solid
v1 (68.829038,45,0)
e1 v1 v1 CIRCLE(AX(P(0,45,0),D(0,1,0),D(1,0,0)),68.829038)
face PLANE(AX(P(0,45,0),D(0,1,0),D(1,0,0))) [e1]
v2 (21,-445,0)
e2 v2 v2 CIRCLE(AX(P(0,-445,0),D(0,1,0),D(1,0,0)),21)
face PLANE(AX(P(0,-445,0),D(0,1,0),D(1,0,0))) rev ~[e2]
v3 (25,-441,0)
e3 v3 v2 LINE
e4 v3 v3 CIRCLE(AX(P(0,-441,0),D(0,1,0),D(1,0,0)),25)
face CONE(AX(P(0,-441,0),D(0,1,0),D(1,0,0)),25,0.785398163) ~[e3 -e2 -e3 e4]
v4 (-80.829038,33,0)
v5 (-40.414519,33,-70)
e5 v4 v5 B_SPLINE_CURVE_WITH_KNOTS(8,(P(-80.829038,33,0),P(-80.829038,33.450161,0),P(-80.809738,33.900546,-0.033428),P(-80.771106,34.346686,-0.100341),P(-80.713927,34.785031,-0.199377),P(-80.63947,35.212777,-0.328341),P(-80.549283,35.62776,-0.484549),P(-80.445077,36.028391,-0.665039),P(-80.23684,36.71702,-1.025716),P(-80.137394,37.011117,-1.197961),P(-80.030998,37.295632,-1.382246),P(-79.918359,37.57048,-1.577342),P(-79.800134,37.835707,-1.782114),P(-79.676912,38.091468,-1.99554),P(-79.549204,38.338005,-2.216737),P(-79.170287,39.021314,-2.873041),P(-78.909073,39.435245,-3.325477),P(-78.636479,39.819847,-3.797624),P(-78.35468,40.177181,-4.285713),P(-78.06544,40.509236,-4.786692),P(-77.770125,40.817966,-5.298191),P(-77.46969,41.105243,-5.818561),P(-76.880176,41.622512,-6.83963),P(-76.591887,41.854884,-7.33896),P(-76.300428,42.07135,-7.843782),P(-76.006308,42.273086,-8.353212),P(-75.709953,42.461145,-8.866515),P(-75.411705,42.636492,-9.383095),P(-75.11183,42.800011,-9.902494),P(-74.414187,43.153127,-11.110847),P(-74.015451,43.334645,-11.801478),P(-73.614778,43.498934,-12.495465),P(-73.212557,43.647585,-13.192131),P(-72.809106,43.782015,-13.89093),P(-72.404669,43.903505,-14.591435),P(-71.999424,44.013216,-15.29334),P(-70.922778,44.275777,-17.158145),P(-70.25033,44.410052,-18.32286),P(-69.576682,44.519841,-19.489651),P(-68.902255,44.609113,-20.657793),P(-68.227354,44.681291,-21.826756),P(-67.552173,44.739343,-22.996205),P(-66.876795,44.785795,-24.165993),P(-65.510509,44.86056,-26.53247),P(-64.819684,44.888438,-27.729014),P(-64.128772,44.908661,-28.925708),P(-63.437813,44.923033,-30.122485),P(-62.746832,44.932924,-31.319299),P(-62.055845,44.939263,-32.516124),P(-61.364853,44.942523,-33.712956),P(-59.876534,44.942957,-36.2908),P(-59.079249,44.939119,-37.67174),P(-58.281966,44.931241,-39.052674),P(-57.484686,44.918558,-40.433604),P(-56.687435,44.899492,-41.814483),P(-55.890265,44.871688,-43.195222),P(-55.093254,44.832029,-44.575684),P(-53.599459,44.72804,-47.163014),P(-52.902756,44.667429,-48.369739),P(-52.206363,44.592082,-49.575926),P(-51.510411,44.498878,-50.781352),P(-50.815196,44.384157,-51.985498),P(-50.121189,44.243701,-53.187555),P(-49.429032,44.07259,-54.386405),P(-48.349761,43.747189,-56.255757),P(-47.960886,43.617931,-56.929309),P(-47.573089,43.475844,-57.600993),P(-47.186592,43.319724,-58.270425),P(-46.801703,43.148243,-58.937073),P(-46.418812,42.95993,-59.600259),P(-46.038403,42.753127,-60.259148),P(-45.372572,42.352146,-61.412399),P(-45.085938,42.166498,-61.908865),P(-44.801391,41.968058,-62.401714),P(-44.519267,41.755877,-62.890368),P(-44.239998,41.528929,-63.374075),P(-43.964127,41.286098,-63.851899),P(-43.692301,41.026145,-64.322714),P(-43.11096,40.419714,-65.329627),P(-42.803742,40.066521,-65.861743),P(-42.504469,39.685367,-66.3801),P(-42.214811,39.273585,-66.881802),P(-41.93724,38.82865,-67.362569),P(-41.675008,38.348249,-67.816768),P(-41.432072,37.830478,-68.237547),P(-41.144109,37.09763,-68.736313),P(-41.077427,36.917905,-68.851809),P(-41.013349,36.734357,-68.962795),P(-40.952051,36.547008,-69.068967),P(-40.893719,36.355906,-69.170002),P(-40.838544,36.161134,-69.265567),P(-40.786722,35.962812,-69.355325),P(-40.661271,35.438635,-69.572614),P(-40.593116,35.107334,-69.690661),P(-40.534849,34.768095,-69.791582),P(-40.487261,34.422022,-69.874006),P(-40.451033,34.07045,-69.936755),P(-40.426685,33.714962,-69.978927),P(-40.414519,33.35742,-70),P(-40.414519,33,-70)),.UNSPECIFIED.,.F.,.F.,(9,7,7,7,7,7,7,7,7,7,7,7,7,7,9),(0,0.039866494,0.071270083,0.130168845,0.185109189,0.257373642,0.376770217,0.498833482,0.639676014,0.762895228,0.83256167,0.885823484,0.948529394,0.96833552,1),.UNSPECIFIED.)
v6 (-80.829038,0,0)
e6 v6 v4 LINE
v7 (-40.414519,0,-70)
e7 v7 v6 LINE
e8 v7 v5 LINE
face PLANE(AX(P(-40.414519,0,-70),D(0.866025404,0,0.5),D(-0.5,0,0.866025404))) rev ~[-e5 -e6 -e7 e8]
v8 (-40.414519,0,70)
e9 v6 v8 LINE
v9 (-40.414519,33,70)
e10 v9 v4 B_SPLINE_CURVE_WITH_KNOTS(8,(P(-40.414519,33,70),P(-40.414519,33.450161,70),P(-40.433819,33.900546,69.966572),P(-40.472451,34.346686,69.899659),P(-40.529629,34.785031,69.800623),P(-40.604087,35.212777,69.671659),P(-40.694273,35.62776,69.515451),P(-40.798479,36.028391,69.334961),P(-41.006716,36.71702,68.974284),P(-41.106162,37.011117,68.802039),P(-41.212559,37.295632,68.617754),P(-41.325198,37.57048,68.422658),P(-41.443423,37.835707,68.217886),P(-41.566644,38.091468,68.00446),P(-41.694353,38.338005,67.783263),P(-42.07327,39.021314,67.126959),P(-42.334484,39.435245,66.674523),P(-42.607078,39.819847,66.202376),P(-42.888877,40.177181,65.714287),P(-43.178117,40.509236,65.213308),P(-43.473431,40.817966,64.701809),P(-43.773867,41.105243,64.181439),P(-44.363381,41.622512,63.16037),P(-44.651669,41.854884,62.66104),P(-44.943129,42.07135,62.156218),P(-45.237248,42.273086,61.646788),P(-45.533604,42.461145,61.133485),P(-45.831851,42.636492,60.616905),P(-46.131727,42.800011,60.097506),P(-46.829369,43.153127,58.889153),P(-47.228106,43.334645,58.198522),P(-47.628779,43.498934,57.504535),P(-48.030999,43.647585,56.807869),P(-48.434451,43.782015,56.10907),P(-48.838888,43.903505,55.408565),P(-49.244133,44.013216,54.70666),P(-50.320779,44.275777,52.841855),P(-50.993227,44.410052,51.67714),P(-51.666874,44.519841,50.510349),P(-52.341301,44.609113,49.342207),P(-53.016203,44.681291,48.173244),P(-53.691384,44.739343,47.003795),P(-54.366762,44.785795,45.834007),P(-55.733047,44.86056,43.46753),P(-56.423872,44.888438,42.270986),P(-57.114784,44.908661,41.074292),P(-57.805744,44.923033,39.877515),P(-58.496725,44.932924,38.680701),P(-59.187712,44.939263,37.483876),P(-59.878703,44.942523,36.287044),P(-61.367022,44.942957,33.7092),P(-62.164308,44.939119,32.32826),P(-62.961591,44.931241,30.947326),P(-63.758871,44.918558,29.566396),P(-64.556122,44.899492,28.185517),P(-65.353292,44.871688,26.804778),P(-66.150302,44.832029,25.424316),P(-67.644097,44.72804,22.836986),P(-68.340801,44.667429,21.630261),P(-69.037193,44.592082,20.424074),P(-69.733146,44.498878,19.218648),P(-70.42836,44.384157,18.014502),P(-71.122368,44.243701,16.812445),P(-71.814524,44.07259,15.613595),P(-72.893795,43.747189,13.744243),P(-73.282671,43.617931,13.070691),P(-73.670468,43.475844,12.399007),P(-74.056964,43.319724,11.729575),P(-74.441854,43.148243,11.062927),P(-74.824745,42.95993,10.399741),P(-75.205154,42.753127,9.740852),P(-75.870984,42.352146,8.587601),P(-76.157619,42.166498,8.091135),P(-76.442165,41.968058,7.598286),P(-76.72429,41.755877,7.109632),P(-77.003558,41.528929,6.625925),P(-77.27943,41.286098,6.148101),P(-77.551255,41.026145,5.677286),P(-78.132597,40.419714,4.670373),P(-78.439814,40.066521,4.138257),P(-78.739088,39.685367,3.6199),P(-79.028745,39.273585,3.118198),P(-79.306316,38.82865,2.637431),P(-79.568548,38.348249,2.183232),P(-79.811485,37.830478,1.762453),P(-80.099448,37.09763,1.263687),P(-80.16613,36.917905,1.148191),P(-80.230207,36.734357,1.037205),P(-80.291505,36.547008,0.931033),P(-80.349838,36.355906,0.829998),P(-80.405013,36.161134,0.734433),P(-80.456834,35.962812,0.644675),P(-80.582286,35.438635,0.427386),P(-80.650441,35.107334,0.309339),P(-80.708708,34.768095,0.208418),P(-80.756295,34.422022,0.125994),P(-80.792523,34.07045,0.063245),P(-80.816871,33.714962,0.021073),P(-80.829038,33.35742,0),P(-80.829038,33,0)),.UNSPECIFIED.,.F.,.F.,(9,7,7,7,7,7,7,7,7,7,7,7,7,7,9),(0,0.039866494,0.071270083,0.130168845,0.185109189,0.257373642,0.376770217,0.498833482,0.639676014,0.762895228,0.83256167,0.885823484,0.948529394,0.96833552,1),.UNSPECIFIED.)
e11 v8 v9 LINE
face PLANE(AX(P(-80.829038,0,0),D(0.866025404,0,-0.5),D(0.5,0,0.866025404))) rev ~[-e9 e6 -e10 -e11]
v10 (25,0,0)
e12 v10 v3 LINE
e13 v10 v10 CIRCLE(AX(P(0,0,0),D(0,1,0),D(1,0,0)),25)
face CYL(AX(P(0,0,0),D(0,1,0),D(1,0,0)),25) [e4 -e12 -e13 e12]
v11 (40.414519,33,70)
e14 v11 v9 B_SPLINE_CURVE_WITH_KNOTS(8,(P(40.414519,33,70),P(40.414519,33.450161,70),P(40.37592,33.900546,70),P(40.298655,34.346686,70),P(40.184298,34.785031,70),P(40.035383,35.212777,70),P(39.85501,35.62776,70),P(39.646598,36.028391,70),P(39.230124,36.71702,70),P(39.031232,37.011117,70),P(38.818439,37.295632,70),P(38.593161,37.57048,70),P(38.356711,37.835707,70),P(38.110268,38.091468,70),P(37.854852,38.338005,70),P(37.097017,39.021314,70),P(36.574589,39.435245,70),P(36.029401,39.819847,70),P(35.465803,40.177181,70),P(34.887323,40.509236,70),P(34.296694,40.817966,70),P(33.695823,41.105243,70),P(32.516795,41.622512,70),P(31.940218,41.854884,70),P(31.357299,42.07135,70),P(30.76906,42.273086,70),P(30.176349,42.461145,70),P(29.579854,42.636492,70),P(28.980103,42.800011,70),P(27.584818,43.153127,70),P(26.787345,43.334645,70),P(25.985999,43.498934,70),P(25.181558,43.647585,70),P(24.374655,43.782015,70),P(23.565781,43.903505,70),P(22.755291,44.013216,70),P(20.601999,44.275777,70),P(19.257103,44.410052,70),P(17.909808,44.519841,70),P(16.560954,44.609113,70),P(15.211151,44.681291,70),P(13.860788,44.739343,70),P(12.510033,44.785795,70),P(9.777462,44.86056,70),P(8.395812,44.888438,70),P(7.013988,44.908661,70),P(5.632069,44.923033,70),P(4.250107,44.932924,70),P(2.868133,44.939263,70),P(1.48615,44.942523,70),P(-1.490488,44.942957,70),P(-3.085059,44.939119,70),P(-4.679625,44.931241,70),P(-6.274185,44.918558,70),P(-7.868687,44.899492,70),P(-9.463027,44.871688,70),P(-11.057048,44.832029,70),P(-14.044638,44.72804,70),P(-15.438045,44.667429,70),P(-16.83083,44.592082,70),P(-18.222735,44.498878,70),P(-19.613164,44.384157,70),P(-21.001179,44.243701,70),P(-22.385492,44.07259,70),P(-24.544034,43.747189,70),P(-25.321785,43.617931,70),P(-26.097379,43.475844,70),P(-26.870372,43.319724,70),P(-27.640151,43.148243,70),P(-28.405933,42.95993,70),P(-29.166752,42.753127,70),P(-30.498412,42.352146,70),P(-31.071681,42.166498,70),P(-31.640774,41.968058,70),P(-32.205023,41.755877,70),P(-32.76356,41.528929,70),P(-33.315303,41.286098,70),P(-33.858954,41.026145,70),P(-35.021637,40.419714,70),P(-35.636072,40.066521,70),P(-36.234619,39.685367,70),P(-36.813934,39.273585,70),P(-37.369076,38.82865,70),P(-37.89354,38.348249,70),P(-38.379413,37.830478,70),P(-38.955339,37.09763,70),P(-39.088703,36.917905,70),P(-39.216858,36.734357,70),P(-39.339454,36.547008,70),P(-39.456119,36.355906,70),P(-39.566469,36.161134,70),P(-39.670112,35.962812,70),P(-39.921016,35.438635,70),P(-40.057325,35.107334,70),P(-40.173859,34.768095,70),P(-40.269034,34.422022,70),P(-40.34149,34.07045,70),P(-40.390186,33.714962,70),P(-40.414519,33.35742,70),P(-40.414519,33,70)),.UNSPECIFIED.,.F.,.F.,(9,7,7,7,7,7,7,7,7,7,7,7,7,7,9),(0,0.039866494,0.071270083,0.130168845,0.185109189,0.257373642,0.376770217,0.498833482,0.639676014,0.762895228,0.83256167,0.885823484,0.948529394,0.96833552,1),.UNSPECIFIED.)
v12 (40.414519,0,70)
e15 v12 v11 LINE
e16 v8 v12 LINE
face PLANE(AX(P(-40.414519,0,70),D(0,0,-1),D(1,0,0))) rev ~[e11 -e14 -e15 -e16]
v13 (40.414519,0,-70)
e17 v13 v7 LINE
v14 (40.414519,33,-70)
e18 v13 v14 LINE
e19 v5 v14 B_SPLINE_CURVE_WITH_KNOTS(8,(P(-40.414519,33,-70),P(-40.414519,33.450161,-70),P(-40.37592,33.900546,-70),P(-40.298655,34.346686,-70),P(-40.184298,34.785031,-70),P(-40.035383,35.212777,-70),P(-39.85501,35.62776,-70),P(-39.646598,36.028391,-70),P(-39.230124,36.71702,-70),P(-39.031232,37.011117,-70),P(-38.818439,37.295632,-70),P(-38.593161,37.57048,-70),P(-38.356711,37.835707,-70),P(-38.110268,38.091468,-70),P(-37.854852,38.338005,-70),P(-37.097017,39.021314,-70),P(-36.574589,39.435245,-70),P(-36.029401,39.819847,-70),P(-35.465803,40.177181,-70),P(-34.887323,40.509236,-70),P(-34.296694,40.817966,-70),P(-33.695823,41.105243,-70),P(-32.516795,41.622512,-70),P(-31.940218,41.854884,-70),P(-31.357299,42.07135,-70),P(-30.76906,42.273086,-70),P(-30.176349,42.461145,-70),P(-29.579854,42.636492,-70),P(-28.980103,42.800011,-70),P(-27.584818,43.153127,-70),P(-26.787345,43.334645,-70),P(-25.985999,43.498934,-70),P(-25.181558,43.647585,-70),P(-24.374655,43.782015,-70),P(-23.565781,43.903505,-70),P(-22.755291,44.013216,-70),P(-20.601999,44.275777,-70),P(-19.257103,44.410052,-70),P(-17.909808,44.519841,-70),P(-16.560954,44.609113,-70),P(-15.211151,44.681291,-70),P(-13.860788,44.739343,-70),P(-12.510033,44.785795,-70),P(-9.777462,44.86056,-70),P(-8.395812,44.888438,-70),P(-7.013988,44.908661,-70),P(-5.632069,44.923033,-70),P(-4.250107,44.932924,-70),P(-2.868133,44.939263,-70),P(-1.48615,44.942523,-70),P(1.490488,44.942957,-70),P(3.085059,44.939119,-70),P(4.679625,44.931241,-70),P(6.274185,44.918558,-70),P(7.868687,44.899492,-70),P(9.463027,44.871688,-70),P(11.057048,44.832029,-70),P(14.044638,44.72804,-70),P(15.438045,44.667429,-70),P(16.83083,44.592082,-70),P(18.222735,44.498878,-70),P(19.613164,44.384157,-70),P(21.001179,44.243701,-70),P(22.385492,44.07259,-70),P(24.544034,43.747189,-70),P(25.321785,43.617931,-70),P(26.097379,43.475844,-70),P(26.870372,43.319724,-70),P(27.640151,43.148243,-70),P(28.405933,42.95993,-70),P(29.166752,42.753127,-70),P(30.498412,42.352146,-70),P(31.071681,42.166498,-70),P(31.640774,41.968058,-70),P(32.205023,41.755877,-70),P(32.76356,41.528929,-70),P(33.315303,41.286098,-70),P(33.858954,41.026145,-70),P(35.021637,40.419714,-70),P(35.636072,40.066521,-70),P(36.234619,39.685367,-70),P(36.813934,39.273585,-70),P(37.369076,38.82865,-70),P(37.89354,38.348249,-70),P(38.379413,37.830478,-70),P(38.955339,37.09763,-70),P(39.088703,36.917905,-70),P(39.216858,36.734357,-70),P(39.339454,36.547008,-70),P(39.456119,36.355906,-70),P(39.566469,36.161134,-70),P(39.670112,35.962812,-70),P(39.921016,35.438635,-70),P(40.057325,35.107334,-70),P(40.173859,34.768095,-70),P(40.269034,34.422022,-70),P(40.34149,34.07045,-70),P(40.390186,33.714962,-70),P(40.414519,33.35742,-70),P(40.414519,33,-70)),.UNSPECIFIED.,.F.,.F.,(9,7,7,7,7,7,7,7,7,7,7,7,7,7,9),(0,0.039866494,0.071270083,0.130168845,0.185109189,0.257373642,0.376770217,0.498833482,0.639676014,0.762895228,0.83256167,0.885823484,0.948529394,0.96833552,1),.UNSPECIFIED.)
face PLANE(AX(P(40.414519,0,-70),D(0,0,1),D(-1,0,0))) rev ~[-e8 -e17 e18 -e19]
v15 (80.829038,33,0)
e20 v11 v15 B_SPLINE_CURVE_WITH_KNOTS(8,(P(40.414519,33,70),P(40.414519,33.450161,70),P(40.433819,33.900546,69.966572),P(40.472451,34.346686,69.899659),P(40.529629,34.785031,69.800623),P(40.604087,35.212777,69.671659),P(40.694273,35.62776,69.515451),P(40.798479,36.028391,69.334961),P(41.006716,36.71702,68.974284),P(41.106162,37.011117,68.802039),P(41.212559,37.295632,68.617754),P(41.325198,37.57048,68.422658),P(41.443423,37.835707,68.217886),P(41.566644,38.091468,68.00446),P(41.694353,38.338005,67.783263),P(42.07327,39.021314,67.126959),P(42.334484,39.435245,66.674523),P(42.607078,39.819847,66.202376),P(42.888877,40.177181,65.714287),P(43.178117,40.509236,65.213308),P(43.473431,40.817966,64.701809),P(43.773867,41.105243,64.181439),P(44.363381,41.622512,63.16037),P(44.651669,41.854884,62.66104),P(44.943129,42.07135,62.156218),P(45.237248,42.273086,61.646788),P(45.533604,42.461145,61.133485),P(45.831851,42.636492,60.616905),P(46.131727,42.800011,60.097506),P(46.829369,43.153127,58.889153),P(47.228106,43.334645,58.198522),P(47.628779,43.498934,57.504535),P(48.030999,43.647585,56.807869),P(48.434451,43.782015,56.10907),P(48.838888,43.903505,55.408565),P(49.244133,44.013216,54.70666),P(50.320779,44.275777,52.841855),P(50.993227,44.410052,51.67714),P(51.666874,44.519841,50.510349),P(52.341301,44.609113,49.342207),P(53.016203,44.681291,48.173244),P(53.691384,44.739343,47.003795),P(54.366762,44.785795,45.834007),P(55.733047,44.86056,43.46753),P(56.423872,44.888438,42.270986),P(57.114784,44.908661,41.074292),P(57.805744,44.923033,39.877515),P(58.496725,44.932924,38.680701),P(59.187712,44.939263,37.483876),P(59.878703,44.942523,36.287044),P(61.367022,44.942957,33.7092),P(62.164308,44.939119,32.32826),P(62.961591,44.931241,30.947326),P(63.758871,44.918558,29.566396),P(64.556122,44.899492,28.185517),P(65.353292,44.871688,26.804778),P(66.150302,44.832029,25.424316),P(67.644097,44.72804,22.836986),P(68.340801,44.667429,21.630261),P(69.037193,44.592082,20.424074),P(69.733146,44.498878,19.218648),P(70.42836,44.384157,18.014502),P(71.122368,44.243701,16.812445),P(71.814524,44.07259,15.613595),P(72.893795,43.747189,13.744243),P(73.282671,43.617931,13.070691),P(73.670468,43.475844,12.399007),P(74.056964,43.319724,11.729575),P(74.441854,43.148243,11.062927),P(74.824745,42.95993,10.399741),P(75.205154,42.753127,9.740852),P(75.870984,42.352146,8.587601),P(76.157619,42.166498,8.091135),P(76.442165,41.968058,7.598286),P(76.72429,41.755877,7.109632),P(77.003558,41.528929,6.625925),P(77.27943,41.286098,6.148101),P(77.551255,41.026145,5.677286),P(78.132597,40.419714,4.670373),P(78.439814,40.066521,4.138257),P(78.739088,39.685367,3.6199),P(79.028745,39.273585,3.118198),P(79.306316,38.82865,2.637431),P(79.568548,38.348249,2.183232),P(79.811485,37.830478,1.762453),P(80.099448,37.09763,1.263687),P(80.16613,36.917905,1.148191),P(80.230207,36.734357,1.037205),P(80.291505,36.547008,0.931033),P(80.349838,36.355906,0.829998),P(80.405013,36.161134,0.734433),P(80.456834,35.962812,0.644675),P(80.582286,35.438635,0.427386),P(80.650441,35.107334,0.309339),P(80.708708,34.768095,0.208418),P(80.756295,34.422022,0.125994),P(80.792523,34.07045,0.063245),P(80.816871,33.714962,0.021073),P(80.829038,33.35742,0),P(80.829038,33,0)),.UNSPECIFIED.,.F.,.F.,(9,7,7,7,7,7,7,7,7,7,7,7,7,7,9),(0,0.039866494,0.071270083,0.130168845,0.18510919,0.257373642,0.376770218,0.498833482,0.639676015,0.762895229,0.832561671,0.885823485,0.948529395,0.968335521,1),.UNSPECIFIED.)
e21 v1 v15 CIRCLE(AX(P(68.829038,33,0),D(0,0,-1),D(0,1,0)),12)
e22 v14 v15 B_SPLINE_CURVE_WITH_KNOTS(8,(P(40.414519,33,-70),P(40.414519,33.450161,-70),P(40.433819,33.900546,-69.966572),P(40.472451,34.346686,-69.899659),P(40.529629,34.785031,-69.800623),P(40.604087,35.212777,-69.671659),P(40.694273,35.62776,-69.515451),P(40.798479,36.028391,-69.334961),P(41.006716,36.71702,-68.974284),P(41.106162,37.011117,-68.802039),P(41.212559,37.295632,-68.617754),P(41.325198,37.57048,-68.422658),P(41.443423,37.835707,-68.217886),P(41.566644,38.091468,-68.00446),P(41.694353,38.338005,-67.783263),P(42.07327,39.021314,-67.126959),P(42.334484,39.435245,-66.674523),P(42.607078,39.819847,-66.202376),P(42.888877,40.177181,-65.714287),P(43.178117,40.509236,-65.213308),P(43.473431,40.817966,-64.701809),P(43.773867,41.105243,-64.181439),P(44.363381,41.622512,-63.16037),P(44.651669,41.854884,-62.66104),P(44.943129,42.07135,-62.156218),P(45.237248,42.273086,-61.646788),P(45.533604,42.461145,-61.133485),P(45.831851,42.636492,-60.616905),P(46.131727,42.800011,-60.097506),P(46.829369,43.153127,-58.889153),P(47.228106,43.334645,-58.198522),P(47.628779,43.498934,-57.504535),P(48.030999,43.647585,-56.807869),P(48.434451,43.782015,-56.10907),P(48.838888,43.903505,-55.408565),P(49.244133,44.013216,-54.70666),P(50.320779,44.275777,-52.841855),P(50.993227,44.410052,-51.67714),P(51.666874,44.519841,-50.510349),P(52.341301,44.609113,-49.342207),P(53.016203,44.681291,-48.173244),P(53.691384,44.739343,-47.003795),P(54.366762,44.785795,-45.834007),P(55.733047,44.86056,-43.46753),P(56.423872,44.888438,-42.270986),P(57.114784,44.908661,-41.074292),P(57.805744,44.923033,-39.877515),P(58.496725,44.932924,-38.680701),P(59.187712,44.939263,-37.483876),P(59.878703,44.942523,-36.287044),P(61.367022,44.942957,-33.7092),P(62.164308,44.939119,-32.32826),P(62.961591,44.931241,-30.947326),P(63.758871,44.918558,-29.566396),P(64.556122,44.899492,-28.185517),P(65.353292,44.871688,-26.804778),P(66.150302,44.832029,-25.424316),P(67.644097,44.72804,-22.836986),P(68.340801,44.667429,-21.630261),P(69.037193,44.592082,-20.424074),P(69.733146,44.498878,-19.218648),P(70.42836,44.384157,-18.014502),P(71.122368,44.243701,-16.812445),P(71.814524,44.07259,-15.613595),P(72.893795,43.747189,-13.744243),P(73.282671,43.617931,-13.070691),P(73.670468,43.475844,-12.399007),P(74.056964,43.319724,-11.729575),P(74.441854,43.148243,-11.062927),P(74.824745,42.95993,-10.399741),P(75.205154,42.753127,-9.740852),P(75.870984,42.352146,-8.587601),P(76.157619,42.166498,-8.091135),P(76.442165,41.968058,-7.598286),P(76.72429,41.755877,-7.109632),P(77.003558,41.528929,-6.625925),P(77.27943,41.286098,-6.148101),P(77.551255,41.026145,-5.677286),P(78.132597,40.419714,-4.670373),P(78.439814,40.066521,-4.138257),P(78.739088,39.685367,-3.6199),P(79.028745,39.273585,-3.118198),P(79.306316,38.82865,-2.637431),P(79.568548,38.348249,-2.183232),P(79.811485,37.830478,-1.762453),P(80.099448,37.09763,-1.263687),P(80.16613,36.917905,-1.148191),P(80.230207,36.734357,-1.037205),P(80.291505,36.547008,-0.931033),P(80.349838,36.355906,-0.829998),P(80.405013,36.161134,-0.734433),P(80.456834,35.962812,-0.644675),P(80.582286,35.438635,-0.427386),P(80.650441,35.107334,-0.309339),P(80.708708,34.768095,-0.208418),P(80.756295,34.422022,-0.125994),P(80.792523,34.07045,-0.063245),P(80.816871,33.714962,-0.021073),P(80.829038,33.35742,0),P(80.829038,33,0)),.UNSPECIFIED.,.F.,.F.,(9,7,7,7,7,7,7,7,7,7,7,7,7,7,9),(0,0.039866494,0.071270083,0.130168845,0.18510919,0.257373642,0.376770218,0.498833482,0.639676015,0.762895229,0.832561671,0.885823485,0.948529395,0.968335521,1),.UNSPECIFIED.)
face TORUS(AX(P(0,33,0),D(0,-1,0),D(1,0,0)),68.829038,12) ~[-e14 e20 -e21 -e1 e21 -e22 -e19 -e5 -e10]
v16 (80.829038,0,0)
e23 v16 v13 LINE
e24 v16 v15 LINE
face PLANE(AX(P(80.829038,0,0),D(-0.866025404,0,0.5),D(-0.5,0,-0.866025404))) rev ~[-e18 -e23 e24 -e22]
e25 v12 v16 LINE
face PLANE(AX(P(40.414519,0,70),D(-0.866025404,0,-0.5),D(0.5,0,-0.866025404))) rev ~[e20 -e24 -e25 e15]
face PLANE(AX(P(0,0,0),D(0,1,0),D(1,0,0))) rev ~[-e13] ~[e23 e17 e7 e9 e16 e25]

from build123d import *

# Parameters (mm, degrees)
BOSS_EXTRUDE1_DEPTH = 45
SKETCH3_R           = 25
BOSS_EXTRUDE2_DEPTH = 445
CHAMFER1_SIZE       = 4


with BuildPart() as part:
    # Sketch2 → Boss-Extrude1 (new body)
    with BuildSketch(Plane(origin=(0, 0, 0), x_dir=(1, 0, 0), z_dir=(0, 1, 0))):
        Polygon((80.829037687, 0), (40.414518843, 70), (-40.414518843, 70), (-80.829037687, 0), (-40.414518843, -70), (40.414518843, -70), align=None)
    extrude(amount=BOSS_EXTRUDE1_DEPTH)

    # Sketch3 → Boss-Extrude2 (add)
    with BuildSketch(Plane(origin=(0, 0, 0), x_dir=(1, 0, 0), z_dir=(0, 1, 0))):
        Circle(SKETCH3_R)
    extrude(amount=-BOSS_EXTRUDE2_DEPTH)

    # Sketch4 → Cut-Revolve1 (revolve, cut)
    with BuildSketch(Plane.XY):
        with BuildLine():
            Line((80.829037687, 33), (80.829037687, 45))
            Line((80.829037687, 45), (68.829037687, 45))
            ThreePointArc((68.829037687, 45), (77.314319061, 41.485281374), (80.829037687, 33))
        make_face()
    revolve(axis=Axis((0, 0, 0), (0, 1, 0)), mode=Mode.SUBTRACT)

    # Chamfer1
    chamfer1_edges = [part.edges().sort_by_distance(p)[0] for p in [
        (-25, -445, 0),
    ]]
    chamfer(chamfer1_edges, length=CHAMFER1_SIZE)


solid = part.part
